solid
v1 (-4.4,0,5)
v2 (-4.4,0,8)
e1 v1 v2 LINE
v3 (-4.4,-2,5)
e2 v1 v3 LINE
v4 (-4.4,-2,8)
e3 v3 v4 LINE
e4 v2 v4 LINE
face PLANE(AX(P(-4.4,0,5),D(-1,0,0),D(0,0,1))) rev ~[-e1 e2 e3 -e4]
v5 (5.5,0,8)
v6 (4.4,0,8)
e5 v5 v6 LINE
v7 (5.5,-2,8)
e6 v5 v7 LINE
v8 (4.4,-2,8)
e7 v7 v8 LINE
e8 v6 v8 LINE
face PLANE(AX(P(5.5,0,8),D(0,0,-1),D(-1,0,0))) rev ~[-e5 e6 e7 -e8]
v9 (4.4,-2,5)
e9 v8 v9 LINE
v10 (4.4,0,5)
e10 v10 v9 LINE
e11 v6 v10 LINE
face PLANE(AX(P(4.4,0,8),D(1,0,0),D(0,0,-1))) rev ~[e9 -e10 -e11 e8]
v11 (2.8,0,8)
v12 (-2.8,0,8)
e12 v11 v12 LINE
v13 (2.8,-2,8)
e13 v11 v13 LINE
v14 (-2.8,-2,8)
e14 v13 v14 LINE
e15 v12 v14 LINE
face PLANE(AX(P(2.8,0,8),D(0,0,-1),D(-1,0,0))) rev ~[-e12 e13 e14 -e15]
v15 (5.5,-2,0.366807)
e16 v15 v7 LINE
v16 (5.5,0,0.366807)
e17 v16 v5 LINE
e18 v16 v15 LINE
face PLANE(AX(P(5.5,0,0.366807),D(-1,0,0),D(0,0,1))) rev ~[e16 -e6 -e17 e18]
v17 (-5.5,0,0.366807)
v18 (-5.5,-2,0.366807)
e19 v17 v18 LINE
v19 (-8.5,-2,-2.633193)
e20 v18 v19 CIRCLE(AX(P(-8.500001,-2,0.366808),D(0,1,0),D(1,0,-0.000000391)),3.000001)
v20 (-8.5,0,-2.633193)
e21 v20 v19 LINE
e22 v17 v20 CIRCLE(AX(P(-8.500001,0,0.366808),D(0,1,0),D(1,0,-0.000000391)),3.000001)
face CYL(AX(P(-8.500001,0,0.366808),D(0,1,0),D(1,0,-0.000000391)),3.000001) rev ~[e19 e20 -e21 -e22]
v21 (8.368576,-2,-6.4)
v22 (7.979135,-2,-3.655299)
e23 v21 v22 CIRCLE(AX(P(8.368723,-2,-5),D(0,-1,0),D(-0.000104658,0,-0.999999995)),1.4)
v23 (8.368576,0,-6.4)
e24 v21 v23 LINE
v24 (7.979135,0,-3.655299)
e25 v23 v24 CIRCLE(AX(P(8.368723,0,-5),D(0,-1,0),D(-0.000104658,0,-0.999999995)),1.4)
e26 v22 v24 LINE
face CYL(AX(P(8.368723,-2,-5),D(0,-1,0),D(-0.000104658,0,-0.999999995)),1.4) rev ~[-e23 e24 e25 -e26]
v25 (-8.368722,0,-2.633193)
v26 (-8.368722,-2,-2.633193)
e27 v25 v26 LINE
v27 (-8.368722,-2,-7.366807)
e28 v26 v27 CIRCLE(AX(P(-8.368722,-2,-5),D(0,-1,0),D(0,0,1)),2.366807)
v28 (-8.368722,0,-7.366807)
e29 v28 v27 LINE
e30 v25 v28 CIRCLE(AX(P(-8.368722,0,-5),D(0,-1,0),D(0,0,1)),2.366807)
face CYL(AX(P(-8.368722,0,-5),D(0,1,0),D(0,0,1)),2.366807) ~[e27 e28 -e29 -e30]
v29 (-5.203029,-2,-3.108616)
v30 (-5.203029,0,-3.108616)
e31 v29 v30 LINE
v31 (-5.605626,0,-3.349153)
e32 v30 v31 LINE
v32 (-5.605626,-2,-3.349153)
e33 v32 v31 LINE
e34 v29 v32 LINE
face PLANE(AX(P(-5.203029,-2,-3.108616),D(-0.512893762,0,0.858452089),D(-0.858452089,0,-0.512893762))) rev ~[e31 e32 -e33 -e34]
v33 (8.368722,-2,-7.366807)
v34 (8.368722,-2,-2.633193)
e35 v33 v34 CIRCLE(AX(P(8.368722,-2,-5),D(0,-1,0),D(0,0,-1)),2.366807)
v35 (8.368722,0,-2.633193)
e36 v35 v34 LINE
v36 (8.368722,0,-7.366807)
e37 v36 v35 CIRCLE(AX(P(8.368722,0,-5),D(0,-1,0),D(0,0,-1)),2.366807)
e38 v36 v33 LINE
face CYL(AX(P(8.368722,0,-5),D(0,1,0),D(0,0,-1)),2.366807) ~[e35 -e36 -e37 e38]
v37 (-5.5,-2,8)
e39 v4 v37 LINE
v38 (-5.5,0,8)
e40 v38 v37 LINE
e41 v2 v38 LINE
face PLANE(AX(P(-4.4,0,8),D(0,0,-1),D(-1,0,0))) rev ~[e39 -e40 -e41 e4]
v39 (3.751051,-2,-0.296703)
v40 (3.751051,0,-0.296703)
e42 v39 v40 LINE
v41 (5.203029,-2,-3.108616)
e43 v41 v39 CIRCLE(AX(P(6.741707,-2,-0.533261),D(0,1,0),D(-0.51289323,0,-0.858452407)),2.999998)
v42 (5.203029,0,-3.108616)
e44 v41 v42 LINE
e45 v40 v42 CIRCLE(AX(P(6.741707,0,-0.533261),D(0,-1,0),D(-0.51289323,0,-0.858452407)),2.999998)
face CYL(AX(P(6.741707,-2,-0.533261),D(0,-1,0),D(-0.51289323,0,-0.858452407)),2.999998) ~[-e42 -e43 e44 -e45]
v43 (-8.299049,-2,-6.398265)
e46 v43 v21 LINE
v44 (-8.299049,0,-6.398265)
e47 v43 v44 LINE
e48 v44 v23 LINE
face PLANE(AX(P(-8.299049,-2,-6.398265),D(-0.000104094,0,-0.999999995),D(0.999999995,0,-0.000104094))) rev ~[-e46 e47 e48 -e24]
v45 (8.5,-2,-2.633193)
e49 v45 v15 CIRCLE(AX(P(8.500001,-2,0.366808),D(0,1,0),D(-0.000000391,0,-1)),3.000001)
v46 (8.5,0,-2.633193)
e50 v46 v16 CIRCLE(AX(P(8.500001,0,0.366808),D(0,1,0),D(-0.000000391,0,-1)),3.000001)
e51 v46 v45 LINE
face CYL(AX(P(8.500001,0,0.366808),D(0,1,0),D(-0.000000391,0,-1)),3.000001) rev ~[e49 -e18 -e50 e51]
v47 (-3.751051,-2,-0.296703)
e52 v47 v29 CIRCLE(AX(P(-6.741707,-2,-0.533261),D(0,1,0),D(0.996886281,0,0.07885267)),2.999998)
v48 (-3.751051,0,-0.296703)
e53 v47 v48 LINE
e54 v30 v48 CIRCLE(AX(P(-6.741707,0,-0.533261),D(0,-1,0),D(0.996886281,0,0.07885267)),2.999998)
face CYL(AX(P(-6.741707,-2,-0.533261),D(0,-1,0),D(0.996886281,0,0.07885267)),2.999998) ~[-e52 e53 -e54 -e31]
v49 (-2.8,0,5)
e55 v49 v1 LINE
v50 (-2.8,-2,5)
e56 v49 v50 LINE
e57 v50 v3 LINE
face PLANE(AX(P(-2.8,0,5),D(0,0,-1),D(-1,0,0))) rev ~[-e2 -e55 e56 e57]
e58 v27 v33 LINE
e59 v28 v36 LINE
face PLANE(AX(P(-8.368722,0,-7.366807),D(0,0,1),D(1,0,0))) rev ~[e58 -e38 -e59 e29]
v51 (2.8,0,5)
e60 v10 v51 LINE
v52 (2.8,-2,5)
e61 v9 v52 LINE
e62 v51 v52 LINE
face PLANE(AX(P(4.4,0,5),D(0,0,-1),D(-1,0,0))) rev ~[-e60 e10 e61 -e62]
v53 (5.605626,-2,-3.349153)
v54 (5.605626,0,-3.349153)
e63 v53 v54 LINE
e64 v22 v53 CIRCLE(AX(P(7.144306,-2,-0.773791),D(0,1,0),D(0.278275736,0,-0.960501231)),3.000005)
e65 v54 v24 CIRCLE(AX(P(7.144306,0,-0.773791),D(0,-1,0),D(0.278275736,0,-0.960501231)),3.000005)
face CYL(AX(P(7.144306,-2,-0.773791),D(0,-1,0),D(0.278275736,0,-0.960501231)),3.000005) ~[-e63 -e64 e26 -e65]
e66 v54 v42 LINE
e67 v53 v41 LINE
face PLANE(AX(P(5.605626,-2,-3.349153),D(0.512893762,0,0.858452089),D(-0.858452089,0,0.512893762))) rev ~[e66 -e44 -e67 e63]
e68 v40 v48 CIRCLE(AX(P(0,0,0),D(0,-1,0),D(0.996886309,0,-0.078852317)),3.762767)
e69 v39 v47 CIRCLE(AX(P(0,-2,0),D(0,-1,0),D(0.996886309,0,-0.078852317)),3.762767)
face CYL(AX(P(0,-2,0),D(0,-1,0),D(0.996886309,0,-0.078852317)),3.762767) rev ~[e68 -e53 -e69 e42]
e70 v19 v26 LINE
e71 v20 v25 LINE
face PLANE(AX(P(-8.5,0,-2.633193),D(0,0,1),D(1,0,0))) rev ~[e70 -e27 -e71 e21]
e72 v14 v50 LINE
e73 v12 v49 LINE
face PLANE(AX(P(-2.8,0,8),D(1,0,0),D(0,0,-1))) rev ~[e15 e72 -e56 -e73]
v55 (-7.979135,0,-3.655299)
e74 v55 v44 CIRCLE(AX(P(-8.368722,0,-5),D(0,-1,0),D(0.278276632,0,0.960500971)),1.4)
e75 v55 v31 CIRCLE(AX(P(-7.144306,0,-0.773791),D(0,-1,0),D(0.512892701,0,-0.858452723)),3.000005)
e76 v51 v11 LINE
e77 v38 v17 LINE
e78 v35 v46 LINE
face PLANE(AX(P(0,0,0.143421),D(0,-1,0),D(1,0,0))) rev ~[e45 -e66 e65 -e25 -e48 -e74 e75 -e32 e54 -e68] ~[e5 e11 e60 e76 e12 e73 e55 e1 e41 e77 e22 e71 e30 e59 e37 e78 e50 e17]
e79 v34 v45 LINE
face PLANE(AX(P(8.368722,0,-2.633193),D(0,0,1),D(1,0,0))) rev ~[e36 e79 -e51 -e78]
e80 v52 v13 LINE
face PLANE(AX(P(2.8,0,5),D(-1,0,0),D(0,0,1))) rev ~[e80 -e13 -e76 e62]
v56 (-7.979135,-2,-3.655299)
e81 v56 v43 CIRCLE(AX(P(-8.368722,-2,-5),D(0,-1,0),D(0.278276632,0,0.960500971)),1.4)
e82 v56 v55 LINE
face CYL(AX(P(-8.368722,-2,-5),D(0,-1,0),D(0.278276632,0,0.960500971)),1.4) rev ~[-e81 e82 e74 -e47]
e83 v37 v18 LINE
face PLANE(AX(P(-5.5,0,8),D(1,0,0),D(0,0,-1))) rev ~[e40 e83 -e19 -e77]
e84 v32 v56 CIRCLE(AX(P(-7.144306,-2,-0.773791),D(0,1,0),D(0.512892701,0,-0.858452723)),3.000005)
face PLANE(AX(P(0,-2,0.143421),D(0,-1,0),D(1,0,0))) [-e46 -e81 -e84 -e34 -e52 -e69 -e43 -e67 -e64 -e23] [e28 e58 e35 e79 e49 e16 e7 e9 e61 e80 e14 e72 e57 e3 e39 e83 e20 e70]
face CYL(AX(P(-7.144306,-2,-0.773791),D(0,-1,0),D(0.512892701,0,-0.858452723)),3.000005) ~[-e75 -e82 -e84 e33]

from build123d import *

# Parameters (mm, degrees)
F1_DEPTH = 2
F3_DEPTH = 2.001


with BuildPart() as f1:
    # F0 (on Front) → F1 (new body)
    with BuildSketch(Plane.XZ):
        with BuildLine():
            Line((4.4, 8), (4.4, 5))
            Line((4.4, 5), (2.8, 5))
            Line((2.8, 5), (2.8, 8))
            Line((2.8, 8), (-2.8, 8))
            Line((-2.8, 8), (-2.8, 5))
            Line((-2.8, 5), (-4.4, 5))
            Line((-4.4, 5), (-4.4, 8))
            Line((-4.4, 8), (-5.5, 8))
            Line((-5.5, 8), (-5.5, 5))
            Line((-5.5, 5), (-5.5, 0.366807))
            ThreePointArc((-5.5, 0.366807), (-6.37868, -1.754513), (-8.5, -2.633193))
            Line((-8.5, -2.633193), (-8.368722, -2.633193))
            ThreePointArc((-8.368722, -2.633193), (-10.735529, -5), (-8.368722, -7.366807))
            Line((-8.368722, -7.366807), (8.368722, -7.366807))
            ThreePointArc((8.368722, -7.366807), (10.735529, -5), (8.368722, -2.633193))
            Line((8.368722, -2.633193), (8.5, -2.633193))
            ThreePointArc((8.5, -2.633193), (6.37868, -1.754513), (5.5, 0.366807))
            Line((5.5, 0.366807), (5.5, 5))
            Line((5.5, 5), (5.5, 8))
            Line((5.5, 8), (4.4, 8))
        make_face()
    extrude(amount=F1_DEPTH)

    # F2 (on face) → F3 (cut, through all)
    with BuildSketch(Plane.XZ.offset(2)):
        with BuildLine():
            ThreePointArc((5.203029, -3.108616), (4.076106, -1.909689), (3.751051, -0.296703))
            ThreePointArc((3.751051, -0.296703), (0, 3.762767), (-3.751051, -0.296703))
            ThreePointArc((-3.751051, -0.296703), (-4.076106, -1.909689), (-5.203029, -3.108616))
            Line((-5.203029, -3.108616), (-5.605626, -3.349153))
            ThreePointArc((-5.605626, -3.349153), (-6.760531, -3.749147), (-7.979135, -3.655299))
            ThreePointArc((-7.979135, -3.655299), (-9.759296, -4.837816), (-8.299049, -6.398265))
            Line((-8.299049, -6.398265), (8.368576, -6.4))
            ThreePointArc((8.368576, -6.4), (9.754839, -4.803326), (7.979135, -3.655299))
            ThreePointArc((7.979135, -3.655299), (6.760531, -3.749147), (5.605626, -3.349153))
            Line((5.605626, -3.349153), (5.203029, -3.108616))
        make_face()
    extrude(amount=-F3_DEPTH, mode=Mode.SUBTRACT)


solid = f1.part
